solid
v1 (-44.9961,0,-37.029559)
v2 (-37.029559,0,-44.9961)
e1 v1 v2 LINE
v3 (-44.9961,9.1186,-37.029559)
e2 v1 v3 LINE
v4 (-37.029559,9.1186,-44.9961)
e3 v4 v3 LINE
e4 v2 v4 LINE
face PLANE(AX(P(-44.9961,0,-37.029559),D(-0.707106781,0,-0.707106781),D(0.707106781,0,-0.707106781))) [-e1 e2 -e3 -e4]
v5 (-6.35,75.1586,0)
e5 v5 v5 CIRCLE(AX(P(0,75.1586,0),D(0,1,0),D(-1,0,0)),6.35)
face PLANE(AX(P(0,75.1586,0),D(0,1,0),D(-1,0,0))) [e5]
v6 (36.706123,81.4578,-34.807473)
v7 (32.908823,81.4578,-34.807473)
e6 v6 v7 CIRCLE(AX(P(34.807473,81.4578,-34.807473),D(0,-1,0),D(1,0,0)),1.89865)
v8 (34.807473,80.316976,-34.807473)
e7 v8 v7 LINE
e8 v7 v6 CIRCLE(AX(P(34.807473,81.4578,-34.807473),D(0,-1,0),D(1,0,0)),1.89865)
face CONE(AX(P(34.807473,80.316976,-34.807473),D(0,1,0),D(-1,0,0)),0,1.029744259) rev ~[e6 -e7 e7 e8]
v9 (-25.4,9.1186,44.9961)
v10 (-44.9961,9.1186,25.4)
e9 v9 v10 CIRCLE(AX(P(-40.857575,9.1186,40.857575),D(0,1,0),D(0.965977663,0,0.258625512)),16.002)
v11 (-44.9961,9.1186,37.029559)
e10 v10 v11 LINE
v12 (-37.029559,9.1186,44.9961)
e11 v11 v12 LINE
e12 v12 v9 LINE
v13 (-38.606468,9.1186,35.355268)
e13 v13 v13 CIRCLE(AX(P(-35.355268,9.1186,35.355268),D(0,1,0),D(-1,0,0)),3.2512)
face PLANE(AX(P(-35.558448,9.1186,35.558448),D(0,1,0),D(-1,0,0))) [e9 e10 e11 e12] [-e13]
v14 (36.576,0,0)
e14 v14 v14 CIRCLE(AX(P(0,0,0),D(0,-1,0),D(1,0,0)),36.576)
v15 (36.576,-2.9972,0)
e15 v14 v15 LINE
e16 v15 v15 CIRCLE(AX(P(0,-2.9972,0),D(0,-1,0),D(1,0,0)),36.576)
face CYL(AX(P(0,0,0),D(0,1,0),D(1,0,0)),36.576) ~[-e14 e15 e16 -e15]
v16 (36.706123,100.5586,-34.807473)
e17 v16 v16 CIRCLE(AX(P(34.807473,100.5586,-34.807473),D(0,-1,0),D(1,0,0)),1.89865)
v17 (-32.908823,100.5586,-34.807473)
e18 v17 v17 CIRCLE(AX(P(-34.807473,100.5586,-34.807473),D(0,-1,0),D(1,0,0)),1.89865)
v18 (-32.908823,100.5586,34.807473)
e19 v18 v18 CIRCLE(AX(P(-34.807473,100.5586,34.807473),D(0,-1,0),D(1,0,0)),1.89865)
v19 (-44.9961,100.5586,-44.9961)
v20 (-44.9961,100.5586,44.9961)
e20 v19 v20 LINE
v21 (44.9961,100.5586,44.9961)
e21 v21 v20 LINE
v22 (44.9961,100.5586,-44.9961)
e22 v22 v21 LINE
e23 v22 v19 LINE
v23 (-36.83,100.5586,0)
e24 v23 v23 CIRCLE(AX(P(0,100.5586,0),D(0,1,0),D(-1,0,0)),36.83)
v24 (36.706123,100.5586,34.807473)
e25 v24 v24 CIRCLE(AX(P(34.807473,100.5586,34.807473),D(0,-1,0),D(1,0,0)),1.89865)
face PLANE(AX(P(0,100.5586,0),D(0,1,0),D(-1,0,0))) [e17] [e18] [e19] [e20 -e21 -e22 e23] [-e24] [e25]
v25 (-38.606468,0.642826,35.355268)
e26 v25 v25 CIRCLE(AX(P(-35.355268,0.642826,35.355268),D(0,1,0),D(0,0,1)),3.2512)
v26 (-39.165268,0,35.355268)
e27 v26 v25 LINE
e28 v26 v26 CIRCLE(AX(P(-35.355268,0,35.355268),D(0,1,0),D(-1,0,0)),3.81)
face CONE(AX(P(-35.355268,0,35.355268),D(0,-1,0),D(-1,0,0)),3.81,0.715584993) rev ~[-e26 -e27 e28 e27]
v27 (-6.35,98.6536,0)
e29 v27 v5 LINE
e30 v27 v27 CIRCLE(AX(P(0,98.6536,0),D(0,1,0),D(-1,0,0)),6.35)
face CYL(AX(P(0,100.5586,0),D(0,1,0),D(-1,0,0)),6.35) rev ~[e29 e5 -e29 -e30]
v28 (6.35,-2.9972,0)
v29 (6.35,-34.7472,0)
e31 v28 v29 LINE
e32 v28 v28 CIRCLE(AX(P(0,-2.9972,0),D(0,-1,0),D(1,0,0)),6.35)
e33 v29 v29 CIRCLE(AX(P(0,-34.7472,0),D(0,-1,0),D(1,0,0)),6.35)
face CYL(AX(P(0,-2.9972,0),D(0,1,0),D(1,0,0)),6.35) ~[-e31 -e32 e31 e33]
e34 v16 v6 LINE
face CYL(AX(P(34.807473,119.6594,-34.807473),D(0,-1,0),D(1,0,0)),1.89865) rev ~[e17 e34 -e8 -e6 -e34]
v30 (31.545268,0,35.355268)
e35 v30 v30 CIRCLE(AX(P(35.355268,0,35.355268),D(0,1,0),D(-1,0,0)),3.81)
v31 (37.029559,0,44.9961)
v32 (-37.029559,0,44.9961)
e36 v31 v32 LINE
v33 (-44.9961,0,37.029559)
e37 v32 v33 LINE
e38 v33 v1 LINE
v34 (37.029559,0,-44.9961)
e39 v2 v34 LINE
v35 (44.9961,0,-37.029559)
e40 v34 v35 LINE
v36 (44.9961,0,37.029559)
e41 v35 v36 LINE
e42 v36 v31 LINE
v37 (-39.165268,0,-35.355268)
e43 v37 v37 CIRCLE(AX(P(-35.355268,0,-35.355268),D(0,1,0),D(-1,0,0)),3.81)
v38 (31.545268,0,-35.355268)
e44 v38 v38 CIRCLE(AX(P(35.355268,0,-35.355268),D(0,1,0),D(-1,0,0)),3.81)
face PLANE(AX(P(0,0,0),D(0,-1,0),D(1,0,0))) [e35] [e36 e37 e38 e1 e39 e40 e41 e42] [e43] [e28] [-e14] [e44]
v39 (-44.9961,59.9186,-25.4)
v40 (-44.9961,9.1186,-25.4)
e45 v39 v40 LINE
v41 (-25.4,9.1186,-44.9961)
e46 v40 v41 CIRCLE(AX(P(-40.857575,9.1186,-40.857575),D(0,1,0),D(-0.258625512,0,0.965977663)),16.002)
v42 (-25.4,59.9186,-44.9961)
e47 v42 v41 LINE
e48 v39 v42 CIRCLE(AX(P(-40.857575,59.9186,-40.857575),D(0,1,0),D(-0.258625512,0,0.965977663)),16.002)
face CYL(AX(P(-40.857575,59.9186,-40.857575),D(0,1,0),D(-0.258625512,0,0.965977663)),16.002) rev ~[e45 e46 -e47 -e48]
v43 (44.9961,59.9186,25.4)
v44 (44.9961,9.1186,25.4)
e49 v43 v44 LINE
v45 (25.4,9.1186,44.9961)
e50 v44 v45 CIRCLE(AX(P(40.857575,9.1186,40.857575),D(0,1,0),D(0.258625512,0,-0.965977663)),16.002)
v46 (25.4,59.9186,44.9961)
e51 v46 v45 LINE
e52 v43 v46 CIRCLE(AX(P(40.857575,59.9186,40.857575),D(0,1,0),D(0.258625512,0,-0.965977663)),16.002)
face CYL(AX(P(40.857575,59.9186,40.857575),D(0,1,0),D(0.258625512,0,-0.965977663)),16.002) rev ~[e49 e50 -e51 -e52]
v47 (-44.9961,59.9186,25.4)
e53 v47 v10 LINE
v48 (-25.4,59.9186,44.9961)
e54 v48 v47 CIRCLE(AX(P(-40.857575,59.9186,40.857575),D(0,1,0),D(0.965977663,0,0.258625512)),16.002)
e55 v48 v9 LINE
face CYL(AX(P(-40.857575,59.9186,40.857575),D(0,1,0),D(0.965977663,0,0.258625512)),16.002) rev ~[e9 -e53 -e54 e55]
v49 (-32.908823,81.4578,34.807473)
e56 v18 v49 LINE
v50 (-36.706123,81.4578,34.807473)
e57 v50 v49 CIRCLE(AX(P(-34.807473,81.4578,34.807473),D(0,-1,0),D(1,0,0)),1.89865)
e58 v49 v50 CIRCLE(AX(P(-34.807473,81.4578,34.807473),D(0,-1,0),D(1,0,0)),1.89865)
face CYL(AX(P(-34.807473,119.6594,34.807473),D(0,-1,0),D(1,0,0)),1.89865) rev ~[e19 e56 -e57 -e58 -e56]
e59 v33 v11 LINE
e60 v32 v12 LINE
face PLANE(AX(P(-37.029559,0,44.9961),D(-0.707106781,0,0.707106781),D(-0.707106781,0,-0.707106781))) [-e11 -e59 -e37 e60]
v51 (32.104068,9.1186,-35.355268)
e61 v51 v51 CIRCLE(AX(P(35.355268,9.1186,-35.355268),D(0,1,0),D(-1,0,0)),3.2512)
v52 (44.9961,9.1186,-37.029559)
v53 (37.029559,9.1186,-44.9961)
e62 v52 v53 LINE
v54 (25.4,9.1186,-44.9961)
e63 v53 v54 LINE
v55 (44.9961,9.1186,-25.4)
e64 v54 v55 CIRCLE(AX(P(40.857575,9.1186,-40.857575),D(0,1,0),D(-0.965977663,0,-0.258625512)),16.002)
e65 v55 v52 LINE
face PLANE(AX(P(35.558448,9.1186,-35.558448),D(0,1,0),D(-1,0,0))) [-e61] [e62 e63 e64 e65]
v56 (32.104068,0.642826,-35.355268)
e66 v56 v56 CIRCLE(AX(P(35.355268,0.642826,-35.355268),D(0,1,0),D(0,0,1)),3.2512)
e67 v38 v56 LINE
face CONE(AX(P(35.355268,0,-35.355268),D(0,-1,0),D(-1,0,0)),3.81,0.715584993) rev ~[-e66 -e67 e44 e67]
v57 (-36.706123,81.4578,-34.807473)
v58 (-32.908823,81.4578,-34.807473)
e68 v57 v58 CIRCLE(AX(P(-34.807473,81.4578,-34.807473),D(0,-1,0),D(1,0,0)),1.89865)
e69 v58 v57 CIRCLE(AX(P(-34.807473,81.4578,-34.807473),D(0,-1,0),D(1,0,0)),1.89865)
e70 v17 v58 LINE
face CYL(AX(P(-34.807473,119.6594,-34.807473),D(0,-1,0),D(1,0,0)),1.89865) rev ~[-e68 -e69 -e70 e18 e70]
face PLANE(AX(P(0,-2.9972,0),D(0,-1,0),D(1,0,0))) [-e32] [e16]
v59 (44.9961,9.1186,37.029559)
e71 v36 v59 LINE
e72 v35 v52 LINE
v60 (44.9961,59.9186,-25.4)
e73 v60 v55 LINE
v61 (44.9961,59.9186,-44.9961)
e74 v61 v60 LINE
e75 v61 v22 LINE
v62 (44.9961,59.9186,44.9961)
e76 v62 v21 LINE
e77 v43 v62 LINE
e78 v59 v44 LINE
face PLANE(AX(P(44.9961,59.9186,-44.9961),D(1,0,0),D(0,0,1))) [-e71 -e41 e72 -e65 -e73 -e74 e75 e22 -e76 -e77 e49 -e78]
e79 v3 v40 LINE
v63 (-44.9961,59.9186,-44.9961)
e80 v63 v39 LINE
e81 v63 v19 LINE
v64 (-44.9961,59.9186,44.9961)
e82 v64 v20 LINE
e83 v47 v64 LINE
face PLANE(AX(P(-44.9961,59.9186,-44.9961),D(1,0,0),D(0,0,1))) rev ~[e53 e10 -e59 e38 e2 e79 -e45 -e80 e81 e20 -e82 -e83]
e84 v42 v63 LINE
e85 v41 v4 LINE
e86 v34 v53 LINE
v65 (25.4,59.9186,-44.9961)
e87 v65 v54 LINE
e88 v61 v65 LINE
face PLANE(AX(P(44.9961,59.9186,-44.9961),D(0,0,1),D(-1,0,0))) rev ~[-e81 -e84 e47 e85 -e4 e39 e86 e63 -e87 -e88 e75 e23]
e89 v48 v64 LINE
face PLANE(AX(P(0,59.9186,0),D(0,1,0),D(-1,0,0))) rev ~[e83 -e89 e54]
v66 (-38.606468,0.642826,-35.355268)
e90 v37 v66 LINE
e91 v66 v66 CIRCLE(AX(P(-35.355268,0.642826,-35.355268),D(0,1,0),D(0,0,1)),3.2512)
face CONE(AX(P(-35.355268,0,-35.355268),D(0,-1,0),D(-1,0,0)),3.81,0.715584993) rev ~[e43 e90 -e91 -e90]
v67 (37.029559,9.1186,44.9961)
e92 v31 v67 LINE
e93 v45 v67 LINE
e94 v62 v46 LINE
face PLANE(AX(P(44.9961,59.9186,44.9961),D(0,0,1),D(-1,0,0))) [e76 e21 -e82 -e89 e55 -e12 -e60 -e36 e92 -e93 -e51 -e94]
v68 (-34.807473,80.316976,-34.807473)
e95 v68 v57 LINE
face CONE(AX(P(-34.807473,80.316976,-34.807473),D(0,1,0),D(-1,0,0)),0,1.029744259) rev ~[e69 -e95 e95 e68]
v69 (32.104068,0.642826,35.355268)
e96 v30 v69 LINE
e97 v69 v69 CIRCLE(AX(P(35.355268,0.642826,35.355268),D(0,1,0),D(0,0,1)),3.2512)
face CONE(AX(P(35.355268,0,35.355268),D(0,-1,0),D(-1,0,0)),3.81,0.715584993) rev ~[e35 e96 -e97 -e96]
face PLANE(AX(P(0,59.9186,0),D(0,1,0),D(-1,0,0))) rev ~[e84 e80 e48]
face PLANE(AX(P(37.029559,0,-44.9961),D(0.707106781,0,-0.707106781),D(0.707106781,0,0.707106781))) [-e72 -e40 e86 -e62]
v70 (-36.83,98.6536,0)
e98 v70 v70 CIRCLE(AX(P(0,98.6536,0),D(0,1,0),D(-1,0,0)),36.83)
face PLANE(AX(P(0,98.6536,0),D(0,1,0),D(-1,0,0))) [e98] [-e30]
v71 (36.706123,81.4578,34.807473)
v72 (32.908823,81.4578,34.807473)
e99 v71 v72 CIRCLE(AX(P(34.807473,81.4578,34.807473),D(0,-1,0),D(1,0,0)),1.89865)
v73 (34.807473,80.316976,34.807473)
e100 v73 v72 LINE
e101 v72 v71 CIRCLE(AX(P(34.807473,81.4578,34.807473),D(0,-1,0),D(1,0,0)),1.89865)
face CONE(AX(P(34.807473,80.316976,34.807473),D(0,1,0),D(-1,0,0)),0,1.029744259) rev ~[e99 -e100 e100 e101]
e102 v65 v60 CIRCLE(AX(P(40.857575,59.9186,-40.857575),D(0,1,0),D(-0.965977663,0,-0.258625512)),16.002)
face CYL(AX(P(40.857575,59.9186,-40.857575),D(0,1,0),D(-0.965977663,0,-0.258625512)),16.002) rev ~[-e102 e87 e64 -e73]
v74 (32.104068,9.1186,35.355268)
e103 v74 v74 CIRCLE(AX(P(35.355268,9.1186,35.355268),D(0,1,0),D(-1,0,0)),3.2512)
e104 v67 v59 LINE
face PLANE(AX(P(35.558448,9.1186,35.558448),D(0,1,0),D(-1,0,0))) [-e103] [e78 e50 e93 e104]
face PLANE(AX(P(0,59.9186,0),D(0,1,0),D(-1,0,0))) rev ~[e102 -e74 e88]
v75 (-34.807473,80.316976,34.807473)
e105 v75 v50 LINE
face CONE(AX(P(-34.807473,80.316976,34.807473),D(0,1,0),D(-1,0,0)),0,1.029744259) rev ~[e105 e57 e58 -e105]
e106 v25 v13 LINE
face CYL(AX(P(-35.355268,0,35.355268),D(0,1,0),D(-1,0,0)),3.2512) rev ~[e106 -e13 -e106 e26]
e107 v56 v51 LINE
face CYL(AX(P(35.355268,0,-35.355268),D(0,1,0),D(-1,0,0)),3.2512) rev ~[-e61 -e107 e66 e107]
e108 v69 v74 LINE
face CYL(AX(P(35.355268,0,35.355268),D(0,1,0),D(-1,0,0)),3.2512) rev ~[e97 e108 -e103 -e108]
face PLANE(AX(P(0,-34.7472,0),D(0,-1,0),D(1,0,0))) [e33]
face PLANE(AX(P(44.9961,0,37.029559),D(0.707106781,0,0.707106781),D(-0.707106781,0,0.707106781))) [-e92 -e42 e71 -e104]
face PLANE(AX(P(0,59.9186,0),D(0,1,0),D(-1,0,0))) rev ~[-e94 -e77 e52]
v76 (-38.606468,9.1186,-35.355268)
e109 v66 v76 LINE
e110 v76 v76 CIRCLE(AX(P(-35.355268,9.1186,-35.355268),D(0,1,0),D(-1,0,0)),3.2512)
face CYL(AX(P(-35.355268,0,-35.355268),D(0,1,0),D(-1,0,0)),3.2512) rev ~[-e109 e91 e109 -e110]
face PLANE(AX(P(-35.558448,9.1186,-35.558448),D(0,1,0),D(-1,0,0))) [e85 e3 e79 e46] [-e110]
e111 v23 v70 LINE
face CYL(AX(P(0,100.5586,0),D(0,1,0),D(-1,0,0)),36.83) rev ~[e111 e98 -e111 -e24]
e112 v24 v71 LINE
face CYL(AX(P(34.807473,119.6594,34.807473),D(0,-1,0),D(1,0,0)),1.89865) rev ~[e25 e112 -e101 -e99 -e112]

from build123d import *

# Parameters (mm, degrees)
F1_DEPTH       = 59.9186
F2_D           = 6.5024
F2_DEPTH       = 59.9186
F2_CSINK_D     = 7.62
F2_CSINK_ANGLE = 82
F2_TIP         = 1.9535180446
F3_R           = 3.2512
F4_DEPTH       = 50.8
F5_W           = 89.9922
F5_H           = 89.9922
F6_DEPTH       = 40.64
F7_R           = 6.35
F8_DEPTH       = 25.4
F9_R           = 36.576
F10_DEPTH      = 2.9972
F11_R          = 6.35
F12_DEPTH      = 31.75
F14_D          = 3.7973
F14_DEPTH      = 19.1008
F14_TIP        = 1.1408240143
F13_R          = 36.83
F15_DEPTH      = 1.905


with BuildPart() as f1:
    # F0 (on Front) → F1 (new body)
    with BuildSketch(Plane.XZ):
        Polygon((44.9961, 37.0295594098), (37.0295594098, 44.9961), (-37.0295594098, 44.9961), (-44.9961, 37.0295594098), (-44.9961, -37.0295594098), (-37.0295594098, -44.9961), (37.0295594098, -44.9961), (44.9961, -37.0295594098), align=None)
    extrude(amount=-F1_DEPTH)

    # F2
    with Locations(Plane.XZ):
        with Locations((-35.3552683486, 35.3552683486), (-35.3552683486, -35.3552683486), (35.3552683486, -35.3552683486), (35.3552683486, 35.3552683486)):
            CounterSinkHole(F2_D / 2, F2_CSINK_D / 2, depth=F2_DEPTH, counter_sink_angle=F2_CSINK_ANGLE)
            with Locations((0, 0, -(F2_DEPTH + F2_TIP / 2))):  # 118° drill point
                Cone(0, F2_D / 2, F2_TIP, mode=Mode.SUBTRACT)

    # F3 (on face) → F4 (cut)
    with BuildSketch(Plane(origin=(0, 59.9186, 0), x_dir=(-1, 0, 0), z_dir=(0, 1, 0))):
        with BuildLine():
            Line((-44.9961, 37.0295594098), (-44.9961, 25.4))
            ThreePointArc((-44.9961, 25.4), (-29.5424518432, 29.5424518432), (-25.4, 44.9961))
            Line((-25.4, 44.9961), (-37.0295594098, 44.9961))
            Line((-37.0295594098, 44.9961), (-44.9961, 37.0295594098))
        make_face()
        with Locations((-35.3552683486, 35.3552683486)):
            Circle(F3_R, mode=Mode.SUBTRACT)
        with BuildLine():
            ThreePointArc((44.9961, -25.4), (29.5424518432, -29.5424518432), (25.4, -44.9961))
            Line((25.4, -44.9961), (37.0295594098, -44.9961))
            Line((37.0295594098, -44.9961), (44.9961, -37.0295594098))
            Line((44.9961, -37.0295594098), (44.9961, -25.4))
        make_face()
        with Locations((35.3552683486, -35.3552683486)):
            Circle(F3_R, mode=Mode.SUBTRACT)
        with BuildLine():
            ThreePointArc((-25.4, -44.9961), (-29.5424518432, -29.5424518432), (-44.9961, -25.4))
            Line((-44.9961, -25.4), (-44.9961, -37.0295594098))
            Line((-44.9961, -37.0295594098), (-37.0295594098, -44.9961))
            Line((-37.0295594098, -44.9961), (-25.4, -44.9961))
        make_face()
        with Locations((-35.3552683486, -35.3552683486)):
            Circle(F3_R, mode=Mode.SUBTRACT)
        with BuildLine():
            Line((37.0295594098, 44.9961), (25.4, 44.9961))
            ThreePointArc((25.4, 44.9961), (29.5424518432, 29.5424518432), (44.9961, 25.4))
            Line((44.9961, 25.4), (44.9961, 37.0295594098))
            Line((44.9961, 37.0295594098), (37.0295594098, 44.9961))
        make_face()
        with Locations((35.3552683486, 35.3552683486)):
            Circle(F3_R, mode=Mode.SUBTRACT)
    extrude(amount=-F4_DEPTH, mode=Mode.SUBTRACT)

    # F5 (on face) → F6 (join)
    with BuildSketch(Plane(origin=(0, 59.9186, 0), x_dir=(-1, 0, 0), z_dir=(0, 1, 0))):
        Rectangle(F5_W, F5_H)
    extrude(amount=F6_DEPTH)

    # F7 (on face) → F8 (cut)
    with BuildSketch(Plane(origin=(0, 100.5586, 0), x_dir=(-1, 0, 0), z_dir=(0, 1, 0))):
        Circle(F7_R)
    extrude(amount=-F8_DEPTH, mode=Mode.SUBTRACT)

    # F9 (on face) → F10 (join)
    with BuildSketch(Plane.XZ):
        Circle(F9_R)
    extrude(amount=F10_DEPTH)

    # F11 (on face) → F12 (join)
    with BuildSketch(Plane.XZ.offset(2.9972)):
        Circle(F11_R)
    extrude(amount=F12_DEPTH)

    # F14
    with Locations(Plane(origin=(0, 100.5586, 0), x_dir=(-1, 0, 0), z_dir=(0, 1, 0))):
        with Locations((-34.8074727253, 34.8074727253), (-34.8074727253, -34.8074727253), (34.8074727253, -34.8074727253), (34.8074727253, 34.8074727253)):
            Hole(F14_D / 2, depth=F14_DEPTH)
            with Locations((0, 0, -(F14_DEPTH + F14_TIP / 2))):  # 118° drill point
                Cone(0, F14_D / 2, F14_TIP, mode=Mode.SUBTRACT)

    # F13 (on face) → F15 (cut)
    with BuildSketch(Plane(origin=(0, 100.5586, 0), x_dir=(-1, 0, 0), z_dir=(0, 1, 0))):
        Circle(F13_R)
    extrude(amount=-F15_DEPTH, mode=Mode.SUBTRACT)


solid = f1.part
